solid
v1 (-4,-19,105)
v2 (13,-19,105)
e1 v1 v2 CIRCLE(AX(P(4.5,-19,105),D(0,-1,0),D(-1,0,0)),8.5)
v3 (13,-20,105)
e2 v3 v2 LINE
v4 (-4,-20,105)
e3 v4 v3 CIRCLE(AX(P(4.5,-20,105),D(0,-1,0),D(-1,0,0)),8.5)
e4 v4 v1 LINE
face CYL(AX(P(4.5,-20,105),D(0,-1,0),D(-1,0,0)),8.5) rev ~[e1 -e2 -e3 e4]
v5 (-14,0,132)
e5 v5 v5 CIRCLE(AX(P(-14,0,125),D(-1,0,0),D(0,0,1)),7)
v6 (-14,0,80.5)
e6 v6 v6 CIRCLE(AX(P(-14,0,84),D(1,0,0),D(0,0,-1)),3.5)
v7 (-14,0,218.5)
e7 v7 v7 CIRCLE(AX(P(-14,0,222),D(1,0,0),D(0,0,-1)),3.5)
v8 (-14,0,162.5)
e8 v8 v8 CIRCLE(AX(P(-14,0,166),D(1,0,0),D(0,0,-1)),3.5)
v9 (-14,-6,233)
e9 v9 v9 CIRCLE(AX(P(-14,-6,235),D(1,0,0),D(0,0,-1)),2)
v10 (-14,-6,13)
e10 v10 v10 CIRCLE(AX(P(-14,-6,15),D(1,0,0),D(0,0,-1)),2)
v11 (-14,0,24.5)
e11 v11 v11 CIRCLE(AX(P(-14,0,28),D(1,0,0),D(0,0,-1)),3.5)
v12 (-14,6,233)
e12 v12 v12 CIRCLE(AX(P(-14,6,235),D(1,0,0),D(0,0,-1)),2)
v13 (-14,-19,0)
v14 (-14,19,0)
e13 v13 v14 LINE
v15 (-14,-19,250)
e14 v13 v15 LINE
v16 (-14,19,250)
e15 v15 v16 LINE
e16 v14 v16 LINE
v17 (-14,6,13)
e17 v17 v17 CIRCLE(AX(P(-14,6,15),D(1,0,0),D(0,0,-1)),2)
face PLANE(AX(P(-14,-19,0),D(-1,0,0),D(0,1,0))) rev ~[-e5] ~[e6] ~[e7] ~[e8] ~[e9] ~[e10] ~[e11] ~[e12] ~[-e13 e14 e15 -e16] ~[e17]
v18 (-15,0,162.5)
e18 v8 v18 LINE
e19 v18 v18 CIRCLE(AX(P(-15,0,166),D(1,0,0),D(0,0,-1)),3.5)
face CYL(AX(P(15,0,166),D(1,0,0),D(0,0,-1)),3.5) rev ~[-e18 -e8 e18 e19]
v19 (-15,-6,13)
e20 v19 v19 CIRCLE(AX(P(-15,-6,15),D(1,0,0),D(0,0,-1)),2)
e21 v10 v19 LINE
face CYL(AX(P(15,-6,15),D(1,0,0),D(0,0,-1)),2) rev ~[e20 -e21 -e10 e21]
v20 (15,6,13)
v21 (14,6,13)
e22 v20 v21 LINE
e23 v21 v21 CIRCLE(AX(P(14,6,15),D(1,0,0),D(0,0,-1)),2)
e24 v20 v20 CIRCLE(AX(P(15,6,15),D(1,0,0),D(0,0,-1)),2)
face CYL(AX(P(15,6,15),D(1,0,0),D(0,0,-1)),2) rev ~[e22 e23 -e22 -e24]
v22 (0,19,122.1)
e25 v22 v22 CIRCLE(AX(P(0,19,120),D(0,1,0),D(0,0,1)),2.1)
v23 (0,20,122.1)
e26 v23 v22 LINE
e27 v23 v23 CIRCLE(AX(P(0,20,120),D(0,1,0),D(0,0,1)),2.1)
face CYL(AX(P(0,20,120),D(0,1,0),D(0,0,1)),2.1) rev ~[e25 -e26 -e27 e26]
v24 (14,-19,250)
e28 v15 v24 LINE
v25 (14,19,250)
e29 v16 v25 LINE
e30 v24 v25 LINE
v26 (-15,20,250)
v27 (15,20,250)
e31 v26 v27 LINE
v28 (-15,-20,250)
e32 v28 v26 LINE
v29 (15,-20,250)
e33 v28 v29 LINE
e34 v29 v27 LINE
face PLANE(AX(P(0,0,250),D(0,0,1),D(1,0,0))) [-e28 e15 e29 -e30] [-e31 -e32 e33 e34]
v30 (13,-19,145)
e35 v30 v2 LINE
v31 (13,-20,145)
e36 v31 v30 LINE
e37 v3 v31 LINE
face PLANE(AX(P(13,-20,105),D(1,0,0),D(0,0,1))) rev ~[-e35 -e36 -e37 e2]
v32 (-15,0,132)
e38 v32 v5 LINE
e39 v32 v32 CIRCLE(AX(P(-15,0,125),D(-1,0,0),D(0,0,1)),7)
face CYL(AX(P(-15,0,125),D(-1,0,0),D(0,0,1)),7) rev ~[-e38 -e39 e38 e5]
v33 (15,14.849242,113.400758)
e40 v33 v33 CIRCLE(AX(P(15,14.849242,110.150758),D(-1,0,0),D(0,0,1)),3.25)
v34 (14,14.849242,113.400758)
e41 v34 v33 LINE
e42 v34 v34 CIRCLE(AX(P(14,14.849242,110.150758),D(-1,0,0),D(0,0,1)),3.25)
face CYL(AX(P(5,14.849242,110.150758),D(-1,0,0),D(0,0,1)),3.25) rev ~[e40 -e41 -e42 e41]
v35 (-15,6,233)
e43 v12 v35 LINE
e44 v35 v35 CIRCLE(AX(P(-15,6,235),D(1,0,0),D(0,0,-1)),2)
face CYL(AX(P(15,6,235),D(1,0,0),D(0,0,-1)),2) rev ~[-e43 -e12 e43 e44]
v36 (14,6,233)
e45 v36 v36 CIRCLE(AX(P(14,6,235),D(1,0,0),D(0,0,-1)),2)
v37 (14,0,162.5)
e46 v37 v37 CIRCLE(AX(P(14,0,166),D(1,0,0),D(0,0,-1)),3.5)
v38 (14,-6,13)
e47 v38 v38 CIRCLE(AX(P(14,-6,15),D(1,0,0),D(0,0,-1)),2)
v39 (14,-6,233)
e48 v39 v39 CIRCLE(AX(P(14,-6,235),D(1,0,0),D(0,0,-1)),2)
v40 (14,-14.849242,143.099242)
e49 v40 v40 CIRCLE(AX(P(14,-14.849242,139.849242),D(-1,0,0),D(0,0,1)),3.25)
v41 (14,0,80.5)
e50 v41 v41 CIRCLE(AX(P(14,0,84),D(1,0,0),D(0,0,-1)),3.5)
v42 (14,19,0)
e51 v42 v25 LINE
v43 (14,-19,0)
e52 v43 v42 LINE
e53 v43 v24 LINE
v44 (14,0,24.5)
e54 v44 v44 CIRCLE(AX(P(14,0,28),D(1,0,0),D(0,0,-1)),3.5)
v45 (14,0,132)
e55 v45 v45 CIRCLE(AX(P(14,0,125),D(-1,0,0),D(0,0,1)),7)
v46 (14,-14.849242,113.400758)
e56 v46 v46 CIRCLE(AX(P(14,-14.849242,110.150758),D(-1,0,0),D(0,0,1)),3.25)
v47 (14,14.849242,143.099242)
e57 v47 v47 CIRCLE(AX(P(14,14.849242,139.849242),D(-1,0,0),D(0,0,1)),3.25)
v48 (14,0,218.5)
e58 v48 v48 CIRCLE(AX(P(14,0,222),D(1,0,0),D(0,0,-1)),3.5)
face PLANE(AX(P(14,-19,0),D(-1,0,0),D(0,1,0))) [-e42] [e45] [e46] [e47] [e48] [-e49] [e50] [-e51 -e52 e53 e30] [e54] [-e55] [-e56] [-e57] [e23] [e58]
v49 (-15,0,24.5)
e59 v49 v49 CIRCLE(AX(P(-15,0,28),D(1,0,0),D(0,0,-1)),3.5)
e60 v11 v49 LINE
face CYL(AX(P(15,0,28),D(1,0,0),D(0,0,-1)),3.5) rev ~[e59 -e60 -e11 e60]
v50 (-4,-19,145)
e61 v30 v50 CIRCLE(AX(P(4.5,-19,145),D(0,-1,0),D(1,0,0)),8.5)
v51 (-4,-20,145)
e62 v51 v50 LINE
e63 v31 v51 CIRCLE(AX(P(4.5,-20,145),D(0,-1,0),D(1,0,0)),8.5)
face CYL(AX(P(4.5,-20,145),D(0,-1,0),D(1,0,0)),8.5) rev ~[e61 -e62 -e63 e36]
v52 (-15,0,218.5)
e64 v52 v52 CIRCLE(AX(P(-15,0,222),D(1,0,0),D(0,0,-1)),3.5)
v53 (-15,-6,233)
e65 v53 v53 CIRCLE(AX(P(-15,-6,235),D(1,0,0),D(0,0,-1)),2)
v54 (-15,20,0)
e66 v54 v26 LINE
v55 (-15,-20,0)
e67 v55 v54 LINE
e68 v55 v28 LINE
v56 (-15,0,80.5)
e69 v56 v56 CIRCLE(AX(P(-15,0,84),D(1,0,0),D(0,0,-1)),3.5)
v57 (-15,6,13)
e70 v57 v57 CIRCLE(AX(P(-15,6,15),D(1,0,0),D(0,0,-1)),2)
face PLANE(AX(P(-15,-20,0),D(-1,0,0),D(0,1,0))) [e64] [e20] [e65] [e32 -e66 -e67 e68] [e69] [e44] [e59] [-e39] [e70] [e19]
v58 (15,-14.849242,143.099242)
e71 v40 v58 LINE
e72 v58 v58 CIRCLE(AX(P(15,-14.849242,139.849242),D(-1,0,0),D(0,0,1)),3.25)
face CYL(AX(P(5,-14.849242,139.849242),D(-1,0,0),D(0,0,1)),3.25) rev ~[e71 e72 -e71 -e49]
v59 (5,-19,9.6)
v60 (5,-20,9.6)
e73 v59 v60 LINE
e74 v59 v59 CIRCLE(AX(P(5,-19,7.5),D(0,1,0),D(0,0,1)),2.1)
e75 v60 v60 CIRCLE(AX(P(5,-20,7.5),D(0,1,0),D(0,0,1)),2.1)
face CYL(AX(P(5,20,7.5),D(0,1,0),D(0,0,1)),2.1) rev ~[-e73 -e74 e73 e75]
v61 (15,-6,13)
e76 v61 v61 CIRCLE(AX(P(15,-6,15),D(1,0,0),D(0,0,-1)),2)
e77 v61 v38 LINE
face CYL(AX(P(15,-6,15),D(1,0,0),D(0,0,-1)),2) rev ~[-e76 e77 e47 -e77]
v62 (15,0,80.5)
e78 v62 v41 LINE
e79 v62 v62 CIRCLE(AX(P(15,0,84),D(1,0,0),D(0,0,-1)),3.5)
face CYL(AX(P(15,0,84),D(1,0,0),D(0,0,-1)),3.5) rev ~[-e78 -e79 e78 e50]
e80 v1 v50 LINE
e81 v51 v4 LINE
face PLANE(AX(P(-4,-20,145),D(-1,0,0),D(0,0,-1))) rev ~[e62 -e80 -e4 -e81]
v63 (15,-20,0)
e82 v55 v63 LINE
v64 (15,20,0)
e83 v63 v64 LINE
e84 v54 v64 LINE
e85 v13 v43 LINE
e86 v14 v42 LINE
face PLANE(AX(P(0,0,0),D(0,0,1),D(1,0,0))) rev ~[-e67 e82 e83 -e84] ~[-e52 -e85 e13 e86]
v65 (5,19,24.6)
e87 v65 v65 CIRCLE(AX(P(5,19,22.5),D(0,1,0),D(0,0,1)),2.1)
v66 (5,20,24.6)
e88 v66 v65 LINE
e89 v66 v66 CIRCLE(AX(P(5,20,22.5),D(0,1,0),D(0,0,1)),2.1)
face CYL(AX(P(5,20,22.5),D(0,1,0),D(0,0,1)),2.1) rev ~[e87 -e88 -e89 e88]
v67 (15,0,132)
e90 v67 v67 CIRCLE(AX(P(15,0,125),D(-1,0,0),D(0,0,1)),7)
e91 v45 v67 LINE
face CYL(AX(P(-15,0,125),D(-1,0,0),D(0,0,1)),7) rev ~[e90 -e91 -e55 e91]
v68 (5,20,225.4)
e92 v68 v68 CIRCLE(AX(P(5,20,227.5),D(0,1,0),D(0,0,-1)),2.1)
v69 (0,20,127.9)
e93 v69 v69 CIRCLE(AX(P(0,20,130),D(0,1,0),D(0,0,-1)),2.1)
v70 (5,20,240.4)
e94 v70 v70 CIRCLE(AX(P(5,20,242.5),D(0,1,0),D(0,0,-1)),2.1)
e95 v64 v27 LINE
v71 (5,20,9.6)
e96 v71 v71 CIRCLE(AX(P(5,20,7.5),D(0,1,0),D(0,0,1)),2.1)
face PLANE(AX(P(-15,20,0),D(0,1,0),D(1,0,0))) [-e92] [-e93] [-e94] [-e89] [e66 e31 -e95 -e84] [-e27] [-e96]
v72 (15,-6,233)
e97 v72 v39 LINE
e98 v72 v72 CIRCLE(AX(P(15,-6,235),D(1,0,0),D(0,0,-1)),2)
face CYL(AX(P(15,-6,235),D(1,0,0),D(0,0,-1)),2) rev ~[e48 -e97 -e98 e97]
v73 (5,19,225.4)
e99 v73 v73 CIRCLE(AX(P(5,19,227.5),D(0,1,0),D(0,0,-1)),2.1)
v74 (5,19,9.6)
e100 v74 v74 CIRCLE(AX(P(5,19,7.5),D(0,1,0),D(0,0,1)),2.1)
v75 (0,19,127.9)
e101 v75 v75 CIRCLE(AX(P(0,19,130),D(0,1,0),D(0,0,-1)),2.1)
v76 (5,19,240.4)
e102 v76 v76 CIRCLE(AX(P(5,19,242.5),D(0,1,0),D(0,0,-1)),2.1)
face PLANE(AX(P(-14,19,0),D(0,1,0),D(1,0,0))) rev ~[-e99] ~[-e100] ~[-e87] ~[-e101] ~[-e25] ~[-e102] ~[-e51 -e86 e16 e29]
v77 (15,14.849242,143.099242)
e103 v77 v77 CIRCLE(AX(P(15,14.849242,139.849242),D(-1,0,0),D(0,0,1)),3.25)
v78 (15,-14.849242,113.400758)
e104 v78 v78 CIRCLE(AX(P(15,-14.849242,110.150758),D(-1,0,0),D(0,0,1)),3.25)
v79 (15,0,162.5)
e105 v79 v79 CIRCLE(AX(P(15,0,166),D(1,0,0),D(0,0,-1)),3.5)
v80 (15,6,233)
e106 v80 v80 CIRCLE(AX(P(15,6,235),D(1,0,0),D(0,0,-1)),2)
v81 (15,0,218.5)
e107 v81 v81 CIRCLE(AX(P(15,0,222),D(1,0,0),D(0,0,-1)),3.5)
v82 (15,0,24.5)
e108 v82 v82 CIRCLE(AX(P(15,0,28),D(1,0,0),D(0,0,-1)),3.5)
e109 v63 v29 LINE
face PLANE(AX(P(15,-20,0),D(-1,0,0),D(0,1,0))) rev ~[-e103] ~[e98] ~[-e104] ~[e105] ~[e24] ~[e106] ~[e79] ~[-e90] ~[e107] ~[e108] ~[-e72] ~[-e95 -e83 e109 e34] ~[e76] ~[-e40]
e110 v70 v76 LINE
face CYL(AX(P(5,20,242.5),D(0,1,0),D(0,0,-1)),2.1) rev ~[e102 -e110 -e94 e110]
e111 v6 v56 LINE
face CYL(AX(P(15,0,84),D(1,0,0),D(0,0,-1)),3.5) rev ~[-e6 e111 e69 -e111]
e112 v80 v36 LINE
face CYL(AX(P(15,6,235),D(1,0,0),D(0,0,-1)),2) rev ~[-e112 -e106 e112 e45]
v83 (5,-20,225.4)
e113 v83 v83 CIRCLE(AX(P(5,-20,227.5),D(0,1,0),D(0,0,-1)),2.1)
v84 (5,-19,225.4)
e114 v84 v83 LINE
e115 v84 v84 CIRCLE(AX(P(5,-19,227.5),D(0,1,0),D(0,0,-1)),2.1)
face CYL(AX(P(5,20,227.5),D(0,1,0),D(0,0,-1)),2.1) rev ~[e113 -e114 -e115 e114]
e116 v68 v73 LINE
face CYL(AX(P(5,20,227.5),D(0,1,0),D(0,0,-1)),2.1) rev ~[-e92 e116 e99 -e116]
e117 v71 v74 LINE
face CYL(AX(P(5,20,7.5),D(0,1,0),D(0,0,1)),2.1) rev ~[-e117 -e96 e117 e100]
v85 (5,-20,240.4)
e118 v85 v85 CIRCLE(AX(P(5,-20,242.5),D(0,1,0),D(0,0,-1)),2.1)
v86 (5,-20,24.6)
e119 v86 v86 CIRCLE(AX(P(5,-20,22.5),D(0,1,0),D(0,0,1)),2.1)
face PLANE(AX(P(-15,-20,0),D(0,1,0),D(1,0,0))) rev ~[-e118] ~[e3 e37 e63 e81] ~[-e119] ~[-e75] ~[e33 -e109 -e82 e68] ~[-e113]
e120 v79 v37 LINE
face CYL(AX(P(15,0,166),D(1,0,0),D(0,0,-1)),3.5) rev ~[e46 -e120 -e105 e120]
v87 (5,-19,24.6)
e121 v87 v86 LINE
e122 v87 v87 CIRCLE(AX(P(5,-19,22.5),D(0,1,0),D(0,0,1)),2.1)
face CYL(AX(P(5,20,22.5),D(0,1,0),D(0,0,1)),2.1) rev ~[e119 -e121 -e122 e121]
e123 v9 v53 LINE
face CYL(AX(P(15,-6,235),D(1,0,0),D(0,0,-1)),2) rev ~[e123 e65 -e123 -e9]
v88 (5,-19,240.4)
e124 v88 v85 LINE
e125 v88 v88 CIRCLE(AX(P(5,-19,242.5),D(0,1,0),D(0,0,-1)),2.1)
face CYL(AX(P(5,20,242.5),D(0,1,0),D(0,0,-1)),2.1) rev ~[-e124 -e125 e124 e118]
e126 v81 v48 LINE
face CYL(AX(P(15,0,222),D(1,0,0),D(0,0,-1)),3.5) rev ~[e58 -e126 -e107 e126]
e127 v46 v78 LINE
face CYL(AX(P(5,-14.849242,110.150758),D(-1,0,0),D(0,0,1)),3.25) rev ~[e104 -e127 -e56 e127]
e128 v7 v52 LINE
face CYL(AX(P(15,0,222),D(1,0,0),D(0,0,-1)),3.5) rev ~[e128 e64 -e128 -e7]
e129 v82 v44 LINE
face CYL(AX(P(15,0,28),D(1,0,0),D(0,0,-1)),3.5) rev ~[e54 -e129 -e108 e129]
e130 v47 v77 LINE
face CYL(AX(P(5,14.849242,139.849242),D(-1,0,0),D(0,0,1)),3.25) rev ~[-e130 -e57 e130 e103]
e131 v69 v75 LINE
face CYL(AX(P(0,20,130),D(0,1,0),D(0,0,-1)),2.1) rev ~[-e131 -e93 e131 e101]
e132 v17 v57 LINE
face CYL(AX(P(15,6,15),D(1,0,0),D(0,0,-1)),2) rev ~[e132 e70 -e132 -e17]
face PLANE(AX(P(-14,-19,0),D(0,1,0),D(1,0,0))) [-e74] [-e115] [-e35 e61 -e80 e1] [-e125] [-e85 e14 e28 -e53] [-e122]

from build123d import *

# Parameters (mm, degrees)
SKETCH_1_W          = 30
SKETCH_1_H          = 40
SKETCH_1_W_2        = 28
SKETCH_1_H_2        = 38
EXTRUDE_1_DEPTH     = 250
SKETCH_3_R          = 2.1
CUT_EXTRUDE_1_DEPTH = 250
SKETCH_4_R          = 3.5
CUT_EXTRUDE_2_DEPTH = 250
SKETCH_5_R          = 7
CUT_EXTRUDE_3_DEPTH = 250
CUT_EXTRUDE_4_DEPTH = 20
CUT_EXTRUDE_START   = -20
SKETCH_8_R          = 3.25
CUT_EXTRUDE_7_DEPTH = 22
SKETCH_9_R          = 2
CUT_EXTRUDE_8_DEPTH = 36


with BuildPart() as part:
    # 草图1 → 凸台-拉伸1 (new body)
    with BuildSketch(Plane.XY):
        Rectangle(SKETCH_1_W, SKETCH_1_H)
        Rectangle(SKETCH_1_W_2, SKETCH_1_H_2, mode=Mode.SUBTRACT)
    extrude(amount=EXTRUDE_1_DEPTH)

    # 草图3 → 切除-拉伸1 (cut)
    with BuildSketch(Plane(origin=(0, 20, 0), x_dir=(1, 0, 0), z_dir=(0, 1, 0))):
        with Locations(Location((5, -7.5, 0), (0, 0, 270))):
            Circle(SKETCH_3_R)
        with Locations(Location((5, -22.5, 0), (0, 0, 270))):
            Circle(SKETCH_3_R)
        with Locations(Location((5, -227.5, 0), (0, 0, 90))):
            Circle(SKETCH_3_R)
        with Locations(Location((5, -242.5, 0), (0, 0, 90))):
            Circle(SKETCH_3_R)
        with Locations(Location((0, -120, 0), (0, 0, 270))):
            Circle(SKETCH_3_R)
        with Locations(Location((0, -130, 0), (0, 0, 90))):
            Circle(SKETCH_3_R)
    extrude(amount=-CUT_EXTRUDE_1_DEPTH, mode=Mode.SUBTRACT)

    # 草图4 → 切除-拉伸2 (cut)
    with BuildSketch(Plane(origin=(15, 0, 0), x_dir=(0, 0, -1), z_dir=(1, 0, 0))):
        with Locations((-222, 0)):
            Circle(SKETCH_4_R)
        with Locations((-166, 0)):
            Circle(SKETCH_4_R)
        with Locations((-84, 0)):
            Circle(SKETCH_4_R)
        with Locations((-28, 0)):
            Circle(SKETCH_4_R)
    extrude(amount=-CUT_EXTRUDE_2_DEPTH, mode=Mode.SUBTRACT)

    # 草图5 → 切除-拉伸3 (cut)
    with BuildSketch(Plane.ZY.offset(15)):
        with Locations((125, 0)):
            Circle(SKETCH_5_R)
    extrude(amount=-CUT_EXTRUDE_3_DEPTH, mode=Mode.SUBTRACT)

    # 草图6 → 切除-拉伸4 (cut)
    with BuildSketch(Plane.XZ.offset(20)):
        with BuildLine():
            Line((-4, 145), (-4, 105))
            ThreePointArc((-4, 105), (4.5, 96.5), (13, 105))
            Line((13, 105), (13, 145))
            ThreePointArc((13, 145), (4.5, 153.5), (-4, 145))
        make_face()
    extrude(amount=-CUT_EXTRUDE_4_DEPTH, mode=Mode.SUBTRACT)

    # 草图8 → 切除-拉伸7 (cut)
    with BuildSketch(Plane.ZY.offset(15).offset(CUT_EXTRUDE_START)):
        with Locations((110.150757595, -14.849242405)):
            Circle(SKETCH_8_R)
        with Locations((139.849242405, -14.849242405)):
            Circle(SKETCH_8_R)
        with Locations((110.150757595, 14.849242405)):
            Circle(SKETCH_8_R)
        with Locations((139.849242405, 14.849242405)):
            Circle(SKETCH_8_R)
    extrude(amount=-CUT_EXTRUDE_7_DEPTH, mode=Mode.SUBTRACT)

    # 草图9 → 切除-拉伸8 (cut)
    with BuildSketch(Plane(origin=(15, 0, 0), x_dir=(0, 0, -1), z_dir=(1, 0, 0))):
        with Locations((-15, 6)):
            Circle(SKETCH_9_R)
        with Locations((-15, -6)):
            Circle(SKETCH_9_R)
        with Locations((-235, -6)):
            Circle(SKETCH_9_R)
        with Locations((-235, 6)):
            Circle(SKETCH_9_R)
    extrude(amount=-CUT_EXTRUDE_8_DEPTH, mode=Mode.SUBTRACT)


solid = part.part
